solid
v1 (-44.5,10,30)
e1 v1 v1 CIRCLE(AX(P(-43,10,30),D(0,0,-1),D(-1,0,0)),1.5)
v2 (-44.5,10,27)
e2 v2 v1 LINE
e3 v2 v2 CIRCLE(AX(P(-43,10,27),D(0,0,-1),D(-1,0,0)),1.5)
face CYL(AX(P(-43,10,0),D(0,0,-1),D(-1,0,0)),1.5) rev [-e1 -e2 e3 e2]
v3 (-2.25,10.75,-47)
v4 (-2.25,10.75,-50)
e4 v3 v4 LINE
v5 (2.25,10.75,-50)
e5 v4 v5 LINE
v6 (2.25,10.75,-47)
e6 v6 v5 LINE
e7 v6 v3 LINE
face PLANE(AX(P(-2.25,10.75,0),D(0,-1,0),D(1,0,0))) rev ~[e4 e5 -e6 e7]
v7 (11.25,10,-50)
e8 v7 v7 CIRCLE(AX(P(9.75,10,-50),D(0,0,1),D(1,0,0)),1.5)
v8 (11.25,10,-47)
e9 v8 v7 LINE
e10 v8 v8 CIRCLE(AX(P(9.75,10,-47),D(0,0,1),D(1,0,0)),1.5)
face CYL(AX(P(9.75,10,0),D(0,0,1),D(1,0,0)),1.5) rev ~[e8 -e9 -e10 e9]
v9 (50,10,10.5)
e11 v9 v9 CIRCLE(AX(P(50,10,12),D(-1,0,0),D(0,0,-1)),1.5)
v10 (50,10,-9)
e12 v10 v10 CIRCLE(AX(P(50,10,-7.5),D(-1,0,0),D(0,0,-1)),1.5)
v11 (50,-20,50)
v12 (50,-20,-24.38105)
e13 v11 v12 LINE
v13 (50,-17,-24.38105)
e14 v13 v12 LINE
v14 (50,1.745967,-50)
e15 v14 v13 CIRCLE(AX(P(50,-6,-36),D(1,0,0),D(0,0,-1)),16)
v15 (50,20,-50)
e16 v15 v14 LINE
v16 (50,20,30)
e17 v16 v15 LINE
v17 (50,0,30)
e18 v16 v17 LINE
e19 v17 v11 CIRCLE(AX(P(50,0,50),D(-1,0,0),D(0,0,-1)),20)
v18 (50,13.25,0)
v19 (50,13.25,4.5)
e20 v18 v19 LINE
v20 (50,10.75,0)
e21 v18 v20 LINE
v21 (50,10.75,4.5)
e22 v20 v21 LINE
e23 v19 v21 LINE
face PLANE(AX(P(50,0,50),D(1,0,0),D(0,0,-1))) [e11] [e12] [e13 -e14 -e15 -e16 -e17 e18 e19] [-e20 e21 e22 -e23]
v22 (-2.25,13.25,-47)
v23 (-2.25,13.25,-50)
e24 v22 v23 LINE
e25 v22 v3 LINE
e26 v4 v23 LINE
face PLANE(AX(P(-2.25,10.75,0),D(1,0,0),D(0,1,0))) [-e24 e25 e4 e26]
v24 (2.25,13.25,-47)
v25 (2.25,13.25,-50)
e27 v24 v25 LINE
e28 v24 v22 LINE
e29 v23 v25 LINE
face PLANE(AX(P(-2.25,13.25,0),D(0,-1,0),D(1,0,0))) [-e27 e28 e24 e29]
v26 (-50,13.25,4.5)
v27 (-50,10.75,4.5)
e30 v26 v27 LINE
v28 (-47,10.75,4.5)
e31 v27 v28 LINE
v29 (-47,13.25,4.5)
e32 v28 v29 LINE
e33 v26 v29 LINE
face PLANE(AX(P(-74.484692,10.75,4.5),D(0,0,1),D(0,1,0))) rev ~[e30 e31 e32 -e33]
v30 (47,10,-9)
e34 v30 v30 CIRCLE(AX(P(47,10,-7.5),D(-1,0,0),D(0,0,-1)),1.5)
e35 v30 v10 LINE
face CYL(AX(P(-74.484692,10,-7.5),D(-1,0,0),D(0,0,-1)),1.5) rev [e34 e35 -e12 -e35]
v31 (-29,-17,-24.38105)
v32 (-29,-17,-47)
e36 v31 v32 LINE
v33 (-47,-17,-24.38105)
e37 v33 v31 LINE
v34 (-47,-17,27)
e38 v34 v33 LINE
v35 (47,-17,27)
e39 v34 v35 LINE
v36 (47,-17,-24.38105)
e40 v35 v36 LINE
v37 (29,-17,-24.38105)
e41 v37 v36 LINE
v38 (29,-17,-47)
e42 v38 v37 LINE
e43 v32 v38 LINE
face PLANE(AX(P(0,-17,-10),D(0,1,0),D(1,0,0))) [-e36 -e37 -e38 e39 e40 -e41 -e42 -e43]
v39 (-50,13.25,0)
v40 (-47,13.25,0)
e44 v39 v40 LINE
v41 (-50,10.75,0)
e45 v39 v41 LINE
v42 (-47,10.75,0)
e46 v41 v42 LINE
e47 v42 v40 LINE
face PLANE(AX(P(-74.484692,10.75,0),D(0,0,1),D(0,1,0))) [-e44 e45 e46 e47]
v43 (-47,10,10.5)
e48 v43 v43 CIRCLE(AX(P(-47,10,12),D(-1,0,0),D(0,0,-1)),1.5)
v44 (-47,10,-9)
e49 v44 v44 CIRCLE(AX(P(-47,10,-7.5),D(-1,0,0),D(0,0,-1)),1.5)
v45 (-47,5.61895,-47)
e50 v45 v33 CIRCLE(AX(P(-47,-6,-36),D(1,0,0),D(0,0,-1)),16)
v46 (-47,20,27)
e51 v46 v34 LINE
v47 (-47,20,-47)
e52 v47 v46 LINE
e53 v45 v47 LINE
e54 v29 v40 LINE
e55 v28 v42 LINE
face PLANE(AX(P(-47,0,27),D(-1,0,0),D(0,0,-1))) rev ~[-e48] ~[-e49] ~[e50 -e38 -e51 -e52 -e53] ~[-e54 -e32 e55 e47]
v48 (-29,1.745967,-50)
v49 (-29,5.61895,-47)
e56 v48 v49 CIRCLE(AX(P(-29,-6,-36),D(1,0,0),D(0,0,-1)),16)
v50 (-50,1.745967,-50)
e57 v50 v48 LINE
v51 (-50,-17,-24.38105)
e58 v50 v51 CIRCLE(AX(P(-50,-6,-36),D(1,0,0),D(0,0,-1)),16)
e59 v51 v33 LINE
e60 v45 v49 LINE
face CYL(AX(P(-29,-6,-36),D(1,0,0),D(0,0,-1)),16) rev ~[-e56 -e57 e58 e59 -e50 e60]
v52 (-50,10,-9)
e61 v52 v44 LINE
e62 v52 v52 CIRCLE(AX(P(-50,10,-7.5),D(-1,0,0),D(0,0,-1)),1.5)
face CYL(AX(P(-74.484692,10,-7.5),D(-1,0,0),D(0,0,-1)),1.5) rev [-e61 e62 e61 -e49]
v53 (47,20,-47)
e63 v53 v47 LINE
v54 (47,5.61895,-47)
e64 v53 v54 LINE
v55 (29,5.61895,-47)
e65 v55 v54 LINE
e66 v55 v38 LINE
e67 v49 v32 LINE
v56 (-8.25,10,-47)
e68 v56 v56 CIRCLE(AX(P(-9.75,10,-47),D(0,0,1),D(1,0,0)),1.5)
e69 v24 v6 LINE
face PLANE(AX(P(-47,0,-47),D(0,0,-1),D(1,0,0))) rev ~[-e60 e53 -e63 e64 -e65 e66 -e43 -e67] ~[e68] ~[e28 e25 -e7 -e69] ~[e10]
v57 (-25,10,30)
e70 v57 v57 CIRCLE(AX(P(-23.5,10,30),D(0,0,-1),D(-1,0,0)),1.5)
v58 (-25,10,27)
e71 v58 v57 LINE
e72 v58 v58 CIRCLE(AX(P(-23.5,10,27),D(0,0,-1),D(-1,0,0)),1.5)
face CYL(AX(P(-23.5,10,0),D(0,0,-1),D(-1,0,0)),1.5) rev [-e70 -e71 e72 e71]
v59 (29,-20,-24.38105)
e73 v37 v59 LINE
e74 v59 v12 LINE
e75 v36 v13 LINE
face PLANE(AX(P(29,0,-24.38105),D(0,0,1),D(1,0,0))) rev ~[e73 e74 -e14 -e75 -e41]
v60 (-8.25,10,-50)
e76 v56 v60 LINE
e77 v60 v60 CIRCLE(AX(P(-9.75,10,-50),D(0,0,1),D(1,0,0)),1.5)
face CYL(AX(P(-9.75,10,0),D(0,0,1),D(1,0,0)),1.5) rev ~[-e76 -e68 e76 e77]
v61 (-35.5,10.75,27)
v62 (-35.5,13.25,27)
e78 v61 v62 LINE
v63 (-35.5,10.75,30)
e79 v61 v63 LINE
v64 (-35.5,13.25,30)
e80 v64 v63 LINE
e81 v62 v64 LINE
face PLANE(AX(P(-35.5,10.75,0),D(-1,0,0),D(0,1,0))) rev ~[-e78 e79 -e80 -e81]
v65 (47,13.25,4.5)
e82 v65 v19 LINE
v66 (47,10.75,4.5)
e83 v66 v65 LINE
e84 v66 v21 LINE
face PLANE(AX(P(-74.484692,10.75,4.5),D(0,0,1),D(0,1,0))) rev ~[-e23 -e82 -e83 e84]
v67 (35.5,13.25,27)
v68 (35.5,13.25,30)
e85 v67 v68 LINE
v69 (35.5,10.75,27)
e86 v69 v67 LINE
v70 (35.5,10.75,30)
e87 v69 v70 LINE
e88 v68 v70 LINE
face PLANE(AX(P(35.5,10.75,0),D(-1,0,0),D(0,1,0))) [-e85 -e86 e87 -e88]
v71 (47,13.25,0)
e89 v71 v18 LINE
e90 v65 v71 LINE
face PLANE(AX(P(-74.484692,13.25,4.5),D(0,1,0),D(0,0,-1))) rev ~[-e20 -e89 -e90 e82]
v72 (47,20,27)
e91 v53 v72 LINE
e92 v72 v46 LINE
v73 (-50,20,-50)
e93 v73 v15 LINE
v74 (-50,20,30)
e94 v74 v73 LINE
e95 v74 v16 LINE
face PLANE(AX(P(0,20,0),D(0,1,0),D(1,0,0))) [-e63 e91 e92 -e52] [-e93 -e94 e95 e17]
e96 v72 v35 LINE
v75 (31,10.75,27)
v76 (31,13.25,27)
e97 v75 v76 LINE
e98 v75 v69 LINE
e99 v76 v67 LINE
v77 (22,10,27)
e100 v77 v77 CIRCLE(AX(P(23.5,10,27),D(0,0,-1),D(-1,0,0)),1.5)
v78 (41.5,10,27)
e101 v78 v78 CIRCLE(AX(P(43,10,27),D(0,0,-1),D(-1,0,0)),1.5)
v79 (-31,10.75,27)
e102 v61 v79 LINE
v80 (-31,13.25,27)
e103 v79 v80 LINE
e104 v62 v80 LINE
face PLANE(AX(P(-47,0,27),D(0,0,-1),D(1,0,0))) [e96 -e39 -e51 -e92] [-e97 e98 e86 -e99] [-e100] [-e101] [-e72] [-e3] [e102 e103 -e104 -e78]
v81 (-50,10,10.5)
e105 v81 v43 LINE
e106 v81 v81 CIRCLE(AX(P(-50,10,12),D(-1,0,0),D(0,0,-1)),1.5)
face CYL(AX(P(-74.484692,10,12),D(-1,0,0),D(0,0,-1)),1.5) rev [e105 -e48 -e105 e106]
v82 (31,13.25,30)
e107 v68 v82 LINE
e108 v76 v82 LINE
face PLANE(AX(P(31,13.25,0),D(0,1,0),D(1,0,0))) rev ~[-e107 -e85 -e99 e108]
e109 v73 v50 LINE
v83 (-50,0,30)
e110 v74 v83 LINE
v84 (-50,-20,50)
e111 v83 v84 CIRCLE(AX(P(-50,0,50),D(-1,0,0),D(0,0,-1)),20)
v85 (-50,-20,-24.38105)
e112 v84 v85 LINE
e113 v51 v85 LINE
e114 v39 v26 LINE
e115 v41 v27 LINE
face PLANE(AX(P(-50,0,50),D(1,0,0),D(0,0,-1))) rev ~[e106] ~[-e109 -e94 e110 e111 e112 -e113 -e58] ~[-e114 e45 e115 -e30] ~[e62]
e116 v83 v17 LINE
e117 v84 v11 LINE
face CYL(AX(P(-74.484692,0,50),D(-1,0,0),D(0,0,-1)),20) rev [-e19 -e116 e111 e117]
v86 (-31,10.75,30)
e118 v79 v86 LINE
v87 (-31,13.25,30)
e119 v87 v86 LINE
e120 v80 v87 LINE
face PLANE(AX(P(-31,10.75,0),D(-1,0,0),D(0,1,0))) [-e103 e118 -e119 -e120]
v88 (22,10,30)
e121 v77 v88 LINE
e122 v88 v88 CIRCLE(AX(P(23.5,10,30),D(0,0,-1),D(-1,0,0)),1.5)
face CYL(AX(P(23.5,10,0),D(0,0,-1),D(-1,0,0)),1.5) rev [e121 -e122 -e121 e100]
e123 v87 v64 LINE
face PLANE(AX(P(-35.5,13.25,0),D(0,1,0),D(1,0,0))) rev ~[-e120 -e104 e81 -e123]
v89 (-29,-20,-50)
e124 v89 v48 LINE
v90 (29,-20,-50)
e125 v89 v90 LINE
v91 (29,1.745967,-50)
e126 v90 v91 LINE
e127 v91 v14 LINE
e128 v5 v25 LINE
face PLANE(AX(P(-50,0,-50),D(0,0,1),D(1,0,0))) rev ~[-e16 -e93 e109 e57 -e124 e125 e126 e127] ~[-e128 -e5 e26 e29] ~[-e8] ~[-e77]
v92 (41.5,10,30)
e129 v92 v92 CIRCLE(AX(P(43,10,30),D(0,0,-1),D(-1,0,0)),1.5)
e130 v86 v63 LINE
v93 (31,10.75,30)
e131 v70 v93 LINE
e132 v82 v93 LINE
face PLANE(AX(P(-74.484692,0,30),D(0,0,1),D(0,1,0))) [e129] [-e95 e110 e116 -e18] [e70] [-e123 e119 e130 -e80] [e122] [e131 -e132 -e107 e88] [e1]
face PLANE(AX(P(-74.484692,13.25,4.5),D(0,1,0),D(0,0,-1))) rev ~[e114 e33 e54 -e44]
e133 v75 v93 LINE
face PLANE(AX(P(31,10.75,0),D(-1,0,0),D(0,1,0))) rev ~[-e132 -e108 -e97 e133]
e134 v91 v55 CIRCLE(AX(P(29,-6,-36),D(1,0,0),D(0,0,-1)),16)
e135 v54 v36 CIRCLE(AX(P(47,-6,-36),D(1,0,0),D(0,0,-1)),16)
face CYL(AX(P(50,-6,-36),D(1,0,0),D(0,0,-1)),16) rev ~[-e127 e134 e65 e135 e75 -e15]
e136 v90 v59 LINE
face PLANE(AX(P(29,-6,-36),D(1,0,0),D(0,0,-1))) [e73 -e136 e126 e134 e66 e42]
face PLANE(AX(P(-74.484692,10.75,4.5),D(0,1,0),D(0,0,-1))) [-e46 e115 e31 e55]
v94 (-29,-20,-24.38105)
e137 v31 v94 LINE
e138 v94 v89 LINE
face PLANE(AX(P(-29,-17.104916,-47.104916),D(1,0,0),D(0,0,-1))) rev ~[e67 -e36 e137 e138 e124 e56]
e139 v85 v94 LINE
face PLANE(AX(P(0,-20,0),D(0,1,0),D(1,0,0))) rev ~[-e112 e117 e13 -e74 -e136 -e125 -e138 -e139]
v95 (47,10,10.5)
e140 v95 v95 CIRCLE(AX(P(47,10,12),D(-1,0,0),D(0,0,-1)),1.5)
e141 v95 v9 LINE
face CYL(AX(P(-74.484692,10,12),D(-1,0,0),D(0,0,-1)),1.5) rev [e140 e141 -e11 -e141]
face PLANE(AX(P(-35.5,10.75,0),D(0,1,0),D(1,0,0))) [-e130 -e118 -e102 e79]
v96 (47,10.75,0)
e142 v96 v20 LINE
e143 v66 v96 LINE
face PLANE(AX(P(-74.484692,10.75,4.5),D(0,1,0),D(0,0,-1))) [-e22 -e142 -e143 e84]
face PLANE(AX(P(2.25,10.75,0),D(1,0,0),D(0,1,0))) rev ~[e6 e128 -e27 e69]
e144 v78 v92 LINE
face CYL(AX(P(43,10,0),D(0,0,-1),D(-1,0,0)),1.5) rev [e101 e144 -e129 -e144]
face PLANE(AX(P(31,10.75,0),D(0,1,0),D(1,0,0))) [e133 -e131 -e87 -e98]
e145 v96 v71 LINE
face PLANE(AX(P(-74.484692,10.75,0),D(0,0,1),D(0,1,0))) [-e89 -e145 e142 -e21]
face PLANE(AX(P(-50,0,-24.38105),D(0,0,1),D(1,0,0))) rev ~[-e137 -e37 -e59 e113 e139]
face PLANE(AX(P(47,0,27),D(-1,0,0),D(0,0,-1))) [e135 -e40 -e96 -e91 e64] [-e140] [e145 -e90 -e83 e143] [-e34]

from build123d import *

# Parameters (mm, degrees)
ESBO_O1_W                   = 100
ESBO_O1_H                   = 100
RESSALTO_EXTRUS_O1_DEPTH    = 20
CORTE_EXTRUS_O1_DEPTH       = 74.484692283
CORTE_EXTRUS_O1_DEPTH_BACK  = 74.484692283
ESBO_O2_R                   = 20
ESBO_O3_W                   = 94
ESBO_O3_H                   = 74
CORTE_EXTRUS_O2_DEPTH       = 74.484692283
ESBO_O5_W                   = 94
ESBO_O5_H                   = 74
CORTE_EXTRUS_O3_DEPTH       = 17
CORTE_EXTRUS_O4_START       = 50
ESBO_O6_R                   = 16
CORTE_EXTRUS_O4_DEPTH       = 21
CORTE_EXTRUS_O5_START       = -29
ESBO_O6_4_R                 = 16
CORTE_EXTRUS_O5_DEPTH       = 21
ESBO_O7_W                   = 21
ESBO_O7_H                   = 3.872983347
CORTE_EXTRUS_O6_DEPTH       = 21
ESBO_O8_R                   = 1.5
ESBO_O8_W                   = 4.5
ESBO_O8_H                   = 2.5
CORTE_EXTRUS_O8_DEPTH       = 74.484692283
ESBO_O9_R                   = 1.5
ESBO_O9_W                   = 4.5
ESBO_O9_H                   = 2.5
CORTE_EXTRUS_O9_DEPTH       = 74.484692283
CORTE_EXTRUS_O10_DEPTH      = 74.484692283
CORTE_EXTRUS_O10_DEPTH_BACK = 74.484692283
ESBO_O10_R                  = 1.5
ESBO_O10_W                  = 4.5
ESBO_O10_H                  = 2.5


with BuildPart() as part:
    # Esboço1 → Ressalto-extrusão1 (new, symmetric)
    with BuildSketch(Plane(origin=(0, 0, 0), x_dir=(1, 0, 0), z_dir=(0, 1, 0))):
        Rectangle(ESBO_O1_W, ESBO_O1_H)
    extrude(amount=RESSALTO_EXTRUS_O1_DEPTH, both=True)

    # Esboço2 → Corte-extrusão1 (cut, two sides: drawn at the far end of the back side and taken through both)
    with BuildSketch(Plane(origin=(0, 0, 0), x_dir=(0, 0, -1), z_dir=(1, 0, 0)).offset(-CORTE_EXTRUS_O1_DEPTH_BACK)):
        with BuildLine():
            Line((-30, 20), (-50, 20))
            ThreePointArc((-50, 20), (-35.857864376, 14.142135624), (-30, 0))
            Line((-30, 0), (-30, 20))
        make_face()
        with Locations((-50, 0)):
            Circle(ESBO_O2_R)
    extrude(amount=CORTE_EXTRUS_O1_DEPTH + CORTE_EXTRUS_O1_DEPTH_BACK, mode=Mode.SUBTRACT)

    # Esboço3 → Corte-extrusão2 (cut, through all)
    with BuildSketch(Plane(origin=(0, 0, 0), x_dir=(1, 0, 0), z_dir=(0, 1, 0))):
        with Locations((0, 10)):
            Rectangle(ESBO_O3_W, ESBO_O3_H)
    extrude(amount=CORTE_EXTRUS_O2_DEPTH, mode=Mode.SUBTRACT)

    # Esboço5 → Corte-extrusão3 (cut)
    with BuildSketch(Plane(origin=(0, 0, 0), x_dir=(1, 0, 0), z_dir=(0, 1, 0))):
        with Locations((0, 10)):
            Rectangle(ESBO_O5_W, ESBO_O5_H)
    extrude(amount=-CORTE_EXTRUS_O3_DEPTH, mode=Mode.SUBTRACT)

    # Esboço6 → Corte-extrusão4 (cut)
    with BuildSketch(Plane(origin=(0, 0, 0), x_dir=(0, 0, -1), z_dir=(1, 0, 0)).offset(CORTE_EXTRUS_O4_START)):
        with Locations((36, -6)):
            Circle(ESBO_O6_R)
        with BuildLine():
            ThreePointArc((52, -6), (47.313708499, -17.313708499), (36, -22))
            Line((36, -22), (52, -22))
            Line((52, -22), (52, -6))
        make_face()
    extrude(amount=-CORTE_EXTRUS_O4_DEPTH, mode=Mode.SUBTRACT)

    # Esboço6<4> → Corte-extrusão5 (cut)
    with BuildSketch(Plane(origin=(0, 0, 0), x_dir=(0, 0, -1), z_dir=(1, 0, 0)).offset(CORTE_EXTRUS_O5_START)):
        with BuildLine():
            ThreePointArc((52, -6), (47.313708499, -17.313708499), (36, -22))
            Line((36, -22), (52, -22))
            Line((52, -22), (52, -6))
        make_face()
        with Locations((36, -6)):
            Circle(ESBO_O6_4_R)
    extrude(amount=-CORTE_EXTRUS_O5_DEPTH, mode=Mode.SUBTRACT)

    # Esboço7 → Corte-extrusão6 (cut)
    with BuildSketch(Plane(origin=(0, 0, 0), x_dir=(1, 0, 0), z_dir=(0, 1, 0))):
        with Locations((-39.5, 26.317541635)):
            Rectangle(ESBO_O7_W, ESBO_O7_H)
        with Locations((39.5, 26.317541635)):
            Rectangle(ESBO_O7_W, ESBO_O7_H)
    extrude(amount=-CORTE_EXTRUS_O6_DEPTH, mode=Mode.SUBTRACT)

    # Esboço8 → Corte-extrusão8 (cut, through all)
    with BuildSketch(Plane.XY):
        with Locations(Location((-43, 10, 0), (0, 0, 180))):
            Circle(ESBO_O8_R)
        with Locations(Location((-23.5, 10, 0), (0, 0, 180))):
            Circle(ESBO_O8_R)
        with Locations(Location((23.5, 10, 0), (0, 0, 180))):
            Circle(ESBO_O8_R)
        with Locations(Location((43, 10, 0), (0, 0, 180))):
            Circle(ESBO_O8_R)
        with Locations((33.25, 12)):
            Rectangle(ESBO_O8_W, ESBO_O8_H)
        with Locations((-33.25, 12)):
            Rectangle(ESBO_O8_W, ESBO_O8_H)
    extrude(amount=CORTE_EXTRUS_O8_DEPTH, mode=Mode.SUBTRACT)

    # Esboço9 → Corte-extrusão9 (cut, through all)
    with BuildSketch(Plane.XY):
        with Locations((-9.75, 10)):
            Circle(ESBO_O9_R)
        with Locations((9.75, 10)):
            Circle(ESBO_O9_R)
        with Locations((0, 12)):
            Rectangle(ESBO_O9_W, ESBO_O9_H)
    extrude(amount=-CORTE_EXTRUS_O9_DEPTH, mode=Mode.SUBTRACT)

    # Esboço10 → Corte-extrusão10 (cut, two sides: drawn at the far end of the back side and taken through both)
    with BuildSketch(Plane(origin=(0, 0, 0), x_dir=(0, 0, -1), z_dir=(1, 0, 0)).offset(-CORTE_EXTRUS_O10_DEPTH_BACK)):
        with Locations((-12, 10)):
            Circle(ESBO_O10_R)
        with Locations((7.5, 10)):
            Circle(ESBO_O10_R)
        with Locations((-2.25, 12)):
            Rectangle(ESBO_O10_W, ESBO_O10_H)
    extrude(amount=CORTE_EXTRUS_O10_DEPTH + CORTE_EXTRUS_O10_DEPTH_BACK, mode=Mode.SUBTRACT)


solid = part.part
